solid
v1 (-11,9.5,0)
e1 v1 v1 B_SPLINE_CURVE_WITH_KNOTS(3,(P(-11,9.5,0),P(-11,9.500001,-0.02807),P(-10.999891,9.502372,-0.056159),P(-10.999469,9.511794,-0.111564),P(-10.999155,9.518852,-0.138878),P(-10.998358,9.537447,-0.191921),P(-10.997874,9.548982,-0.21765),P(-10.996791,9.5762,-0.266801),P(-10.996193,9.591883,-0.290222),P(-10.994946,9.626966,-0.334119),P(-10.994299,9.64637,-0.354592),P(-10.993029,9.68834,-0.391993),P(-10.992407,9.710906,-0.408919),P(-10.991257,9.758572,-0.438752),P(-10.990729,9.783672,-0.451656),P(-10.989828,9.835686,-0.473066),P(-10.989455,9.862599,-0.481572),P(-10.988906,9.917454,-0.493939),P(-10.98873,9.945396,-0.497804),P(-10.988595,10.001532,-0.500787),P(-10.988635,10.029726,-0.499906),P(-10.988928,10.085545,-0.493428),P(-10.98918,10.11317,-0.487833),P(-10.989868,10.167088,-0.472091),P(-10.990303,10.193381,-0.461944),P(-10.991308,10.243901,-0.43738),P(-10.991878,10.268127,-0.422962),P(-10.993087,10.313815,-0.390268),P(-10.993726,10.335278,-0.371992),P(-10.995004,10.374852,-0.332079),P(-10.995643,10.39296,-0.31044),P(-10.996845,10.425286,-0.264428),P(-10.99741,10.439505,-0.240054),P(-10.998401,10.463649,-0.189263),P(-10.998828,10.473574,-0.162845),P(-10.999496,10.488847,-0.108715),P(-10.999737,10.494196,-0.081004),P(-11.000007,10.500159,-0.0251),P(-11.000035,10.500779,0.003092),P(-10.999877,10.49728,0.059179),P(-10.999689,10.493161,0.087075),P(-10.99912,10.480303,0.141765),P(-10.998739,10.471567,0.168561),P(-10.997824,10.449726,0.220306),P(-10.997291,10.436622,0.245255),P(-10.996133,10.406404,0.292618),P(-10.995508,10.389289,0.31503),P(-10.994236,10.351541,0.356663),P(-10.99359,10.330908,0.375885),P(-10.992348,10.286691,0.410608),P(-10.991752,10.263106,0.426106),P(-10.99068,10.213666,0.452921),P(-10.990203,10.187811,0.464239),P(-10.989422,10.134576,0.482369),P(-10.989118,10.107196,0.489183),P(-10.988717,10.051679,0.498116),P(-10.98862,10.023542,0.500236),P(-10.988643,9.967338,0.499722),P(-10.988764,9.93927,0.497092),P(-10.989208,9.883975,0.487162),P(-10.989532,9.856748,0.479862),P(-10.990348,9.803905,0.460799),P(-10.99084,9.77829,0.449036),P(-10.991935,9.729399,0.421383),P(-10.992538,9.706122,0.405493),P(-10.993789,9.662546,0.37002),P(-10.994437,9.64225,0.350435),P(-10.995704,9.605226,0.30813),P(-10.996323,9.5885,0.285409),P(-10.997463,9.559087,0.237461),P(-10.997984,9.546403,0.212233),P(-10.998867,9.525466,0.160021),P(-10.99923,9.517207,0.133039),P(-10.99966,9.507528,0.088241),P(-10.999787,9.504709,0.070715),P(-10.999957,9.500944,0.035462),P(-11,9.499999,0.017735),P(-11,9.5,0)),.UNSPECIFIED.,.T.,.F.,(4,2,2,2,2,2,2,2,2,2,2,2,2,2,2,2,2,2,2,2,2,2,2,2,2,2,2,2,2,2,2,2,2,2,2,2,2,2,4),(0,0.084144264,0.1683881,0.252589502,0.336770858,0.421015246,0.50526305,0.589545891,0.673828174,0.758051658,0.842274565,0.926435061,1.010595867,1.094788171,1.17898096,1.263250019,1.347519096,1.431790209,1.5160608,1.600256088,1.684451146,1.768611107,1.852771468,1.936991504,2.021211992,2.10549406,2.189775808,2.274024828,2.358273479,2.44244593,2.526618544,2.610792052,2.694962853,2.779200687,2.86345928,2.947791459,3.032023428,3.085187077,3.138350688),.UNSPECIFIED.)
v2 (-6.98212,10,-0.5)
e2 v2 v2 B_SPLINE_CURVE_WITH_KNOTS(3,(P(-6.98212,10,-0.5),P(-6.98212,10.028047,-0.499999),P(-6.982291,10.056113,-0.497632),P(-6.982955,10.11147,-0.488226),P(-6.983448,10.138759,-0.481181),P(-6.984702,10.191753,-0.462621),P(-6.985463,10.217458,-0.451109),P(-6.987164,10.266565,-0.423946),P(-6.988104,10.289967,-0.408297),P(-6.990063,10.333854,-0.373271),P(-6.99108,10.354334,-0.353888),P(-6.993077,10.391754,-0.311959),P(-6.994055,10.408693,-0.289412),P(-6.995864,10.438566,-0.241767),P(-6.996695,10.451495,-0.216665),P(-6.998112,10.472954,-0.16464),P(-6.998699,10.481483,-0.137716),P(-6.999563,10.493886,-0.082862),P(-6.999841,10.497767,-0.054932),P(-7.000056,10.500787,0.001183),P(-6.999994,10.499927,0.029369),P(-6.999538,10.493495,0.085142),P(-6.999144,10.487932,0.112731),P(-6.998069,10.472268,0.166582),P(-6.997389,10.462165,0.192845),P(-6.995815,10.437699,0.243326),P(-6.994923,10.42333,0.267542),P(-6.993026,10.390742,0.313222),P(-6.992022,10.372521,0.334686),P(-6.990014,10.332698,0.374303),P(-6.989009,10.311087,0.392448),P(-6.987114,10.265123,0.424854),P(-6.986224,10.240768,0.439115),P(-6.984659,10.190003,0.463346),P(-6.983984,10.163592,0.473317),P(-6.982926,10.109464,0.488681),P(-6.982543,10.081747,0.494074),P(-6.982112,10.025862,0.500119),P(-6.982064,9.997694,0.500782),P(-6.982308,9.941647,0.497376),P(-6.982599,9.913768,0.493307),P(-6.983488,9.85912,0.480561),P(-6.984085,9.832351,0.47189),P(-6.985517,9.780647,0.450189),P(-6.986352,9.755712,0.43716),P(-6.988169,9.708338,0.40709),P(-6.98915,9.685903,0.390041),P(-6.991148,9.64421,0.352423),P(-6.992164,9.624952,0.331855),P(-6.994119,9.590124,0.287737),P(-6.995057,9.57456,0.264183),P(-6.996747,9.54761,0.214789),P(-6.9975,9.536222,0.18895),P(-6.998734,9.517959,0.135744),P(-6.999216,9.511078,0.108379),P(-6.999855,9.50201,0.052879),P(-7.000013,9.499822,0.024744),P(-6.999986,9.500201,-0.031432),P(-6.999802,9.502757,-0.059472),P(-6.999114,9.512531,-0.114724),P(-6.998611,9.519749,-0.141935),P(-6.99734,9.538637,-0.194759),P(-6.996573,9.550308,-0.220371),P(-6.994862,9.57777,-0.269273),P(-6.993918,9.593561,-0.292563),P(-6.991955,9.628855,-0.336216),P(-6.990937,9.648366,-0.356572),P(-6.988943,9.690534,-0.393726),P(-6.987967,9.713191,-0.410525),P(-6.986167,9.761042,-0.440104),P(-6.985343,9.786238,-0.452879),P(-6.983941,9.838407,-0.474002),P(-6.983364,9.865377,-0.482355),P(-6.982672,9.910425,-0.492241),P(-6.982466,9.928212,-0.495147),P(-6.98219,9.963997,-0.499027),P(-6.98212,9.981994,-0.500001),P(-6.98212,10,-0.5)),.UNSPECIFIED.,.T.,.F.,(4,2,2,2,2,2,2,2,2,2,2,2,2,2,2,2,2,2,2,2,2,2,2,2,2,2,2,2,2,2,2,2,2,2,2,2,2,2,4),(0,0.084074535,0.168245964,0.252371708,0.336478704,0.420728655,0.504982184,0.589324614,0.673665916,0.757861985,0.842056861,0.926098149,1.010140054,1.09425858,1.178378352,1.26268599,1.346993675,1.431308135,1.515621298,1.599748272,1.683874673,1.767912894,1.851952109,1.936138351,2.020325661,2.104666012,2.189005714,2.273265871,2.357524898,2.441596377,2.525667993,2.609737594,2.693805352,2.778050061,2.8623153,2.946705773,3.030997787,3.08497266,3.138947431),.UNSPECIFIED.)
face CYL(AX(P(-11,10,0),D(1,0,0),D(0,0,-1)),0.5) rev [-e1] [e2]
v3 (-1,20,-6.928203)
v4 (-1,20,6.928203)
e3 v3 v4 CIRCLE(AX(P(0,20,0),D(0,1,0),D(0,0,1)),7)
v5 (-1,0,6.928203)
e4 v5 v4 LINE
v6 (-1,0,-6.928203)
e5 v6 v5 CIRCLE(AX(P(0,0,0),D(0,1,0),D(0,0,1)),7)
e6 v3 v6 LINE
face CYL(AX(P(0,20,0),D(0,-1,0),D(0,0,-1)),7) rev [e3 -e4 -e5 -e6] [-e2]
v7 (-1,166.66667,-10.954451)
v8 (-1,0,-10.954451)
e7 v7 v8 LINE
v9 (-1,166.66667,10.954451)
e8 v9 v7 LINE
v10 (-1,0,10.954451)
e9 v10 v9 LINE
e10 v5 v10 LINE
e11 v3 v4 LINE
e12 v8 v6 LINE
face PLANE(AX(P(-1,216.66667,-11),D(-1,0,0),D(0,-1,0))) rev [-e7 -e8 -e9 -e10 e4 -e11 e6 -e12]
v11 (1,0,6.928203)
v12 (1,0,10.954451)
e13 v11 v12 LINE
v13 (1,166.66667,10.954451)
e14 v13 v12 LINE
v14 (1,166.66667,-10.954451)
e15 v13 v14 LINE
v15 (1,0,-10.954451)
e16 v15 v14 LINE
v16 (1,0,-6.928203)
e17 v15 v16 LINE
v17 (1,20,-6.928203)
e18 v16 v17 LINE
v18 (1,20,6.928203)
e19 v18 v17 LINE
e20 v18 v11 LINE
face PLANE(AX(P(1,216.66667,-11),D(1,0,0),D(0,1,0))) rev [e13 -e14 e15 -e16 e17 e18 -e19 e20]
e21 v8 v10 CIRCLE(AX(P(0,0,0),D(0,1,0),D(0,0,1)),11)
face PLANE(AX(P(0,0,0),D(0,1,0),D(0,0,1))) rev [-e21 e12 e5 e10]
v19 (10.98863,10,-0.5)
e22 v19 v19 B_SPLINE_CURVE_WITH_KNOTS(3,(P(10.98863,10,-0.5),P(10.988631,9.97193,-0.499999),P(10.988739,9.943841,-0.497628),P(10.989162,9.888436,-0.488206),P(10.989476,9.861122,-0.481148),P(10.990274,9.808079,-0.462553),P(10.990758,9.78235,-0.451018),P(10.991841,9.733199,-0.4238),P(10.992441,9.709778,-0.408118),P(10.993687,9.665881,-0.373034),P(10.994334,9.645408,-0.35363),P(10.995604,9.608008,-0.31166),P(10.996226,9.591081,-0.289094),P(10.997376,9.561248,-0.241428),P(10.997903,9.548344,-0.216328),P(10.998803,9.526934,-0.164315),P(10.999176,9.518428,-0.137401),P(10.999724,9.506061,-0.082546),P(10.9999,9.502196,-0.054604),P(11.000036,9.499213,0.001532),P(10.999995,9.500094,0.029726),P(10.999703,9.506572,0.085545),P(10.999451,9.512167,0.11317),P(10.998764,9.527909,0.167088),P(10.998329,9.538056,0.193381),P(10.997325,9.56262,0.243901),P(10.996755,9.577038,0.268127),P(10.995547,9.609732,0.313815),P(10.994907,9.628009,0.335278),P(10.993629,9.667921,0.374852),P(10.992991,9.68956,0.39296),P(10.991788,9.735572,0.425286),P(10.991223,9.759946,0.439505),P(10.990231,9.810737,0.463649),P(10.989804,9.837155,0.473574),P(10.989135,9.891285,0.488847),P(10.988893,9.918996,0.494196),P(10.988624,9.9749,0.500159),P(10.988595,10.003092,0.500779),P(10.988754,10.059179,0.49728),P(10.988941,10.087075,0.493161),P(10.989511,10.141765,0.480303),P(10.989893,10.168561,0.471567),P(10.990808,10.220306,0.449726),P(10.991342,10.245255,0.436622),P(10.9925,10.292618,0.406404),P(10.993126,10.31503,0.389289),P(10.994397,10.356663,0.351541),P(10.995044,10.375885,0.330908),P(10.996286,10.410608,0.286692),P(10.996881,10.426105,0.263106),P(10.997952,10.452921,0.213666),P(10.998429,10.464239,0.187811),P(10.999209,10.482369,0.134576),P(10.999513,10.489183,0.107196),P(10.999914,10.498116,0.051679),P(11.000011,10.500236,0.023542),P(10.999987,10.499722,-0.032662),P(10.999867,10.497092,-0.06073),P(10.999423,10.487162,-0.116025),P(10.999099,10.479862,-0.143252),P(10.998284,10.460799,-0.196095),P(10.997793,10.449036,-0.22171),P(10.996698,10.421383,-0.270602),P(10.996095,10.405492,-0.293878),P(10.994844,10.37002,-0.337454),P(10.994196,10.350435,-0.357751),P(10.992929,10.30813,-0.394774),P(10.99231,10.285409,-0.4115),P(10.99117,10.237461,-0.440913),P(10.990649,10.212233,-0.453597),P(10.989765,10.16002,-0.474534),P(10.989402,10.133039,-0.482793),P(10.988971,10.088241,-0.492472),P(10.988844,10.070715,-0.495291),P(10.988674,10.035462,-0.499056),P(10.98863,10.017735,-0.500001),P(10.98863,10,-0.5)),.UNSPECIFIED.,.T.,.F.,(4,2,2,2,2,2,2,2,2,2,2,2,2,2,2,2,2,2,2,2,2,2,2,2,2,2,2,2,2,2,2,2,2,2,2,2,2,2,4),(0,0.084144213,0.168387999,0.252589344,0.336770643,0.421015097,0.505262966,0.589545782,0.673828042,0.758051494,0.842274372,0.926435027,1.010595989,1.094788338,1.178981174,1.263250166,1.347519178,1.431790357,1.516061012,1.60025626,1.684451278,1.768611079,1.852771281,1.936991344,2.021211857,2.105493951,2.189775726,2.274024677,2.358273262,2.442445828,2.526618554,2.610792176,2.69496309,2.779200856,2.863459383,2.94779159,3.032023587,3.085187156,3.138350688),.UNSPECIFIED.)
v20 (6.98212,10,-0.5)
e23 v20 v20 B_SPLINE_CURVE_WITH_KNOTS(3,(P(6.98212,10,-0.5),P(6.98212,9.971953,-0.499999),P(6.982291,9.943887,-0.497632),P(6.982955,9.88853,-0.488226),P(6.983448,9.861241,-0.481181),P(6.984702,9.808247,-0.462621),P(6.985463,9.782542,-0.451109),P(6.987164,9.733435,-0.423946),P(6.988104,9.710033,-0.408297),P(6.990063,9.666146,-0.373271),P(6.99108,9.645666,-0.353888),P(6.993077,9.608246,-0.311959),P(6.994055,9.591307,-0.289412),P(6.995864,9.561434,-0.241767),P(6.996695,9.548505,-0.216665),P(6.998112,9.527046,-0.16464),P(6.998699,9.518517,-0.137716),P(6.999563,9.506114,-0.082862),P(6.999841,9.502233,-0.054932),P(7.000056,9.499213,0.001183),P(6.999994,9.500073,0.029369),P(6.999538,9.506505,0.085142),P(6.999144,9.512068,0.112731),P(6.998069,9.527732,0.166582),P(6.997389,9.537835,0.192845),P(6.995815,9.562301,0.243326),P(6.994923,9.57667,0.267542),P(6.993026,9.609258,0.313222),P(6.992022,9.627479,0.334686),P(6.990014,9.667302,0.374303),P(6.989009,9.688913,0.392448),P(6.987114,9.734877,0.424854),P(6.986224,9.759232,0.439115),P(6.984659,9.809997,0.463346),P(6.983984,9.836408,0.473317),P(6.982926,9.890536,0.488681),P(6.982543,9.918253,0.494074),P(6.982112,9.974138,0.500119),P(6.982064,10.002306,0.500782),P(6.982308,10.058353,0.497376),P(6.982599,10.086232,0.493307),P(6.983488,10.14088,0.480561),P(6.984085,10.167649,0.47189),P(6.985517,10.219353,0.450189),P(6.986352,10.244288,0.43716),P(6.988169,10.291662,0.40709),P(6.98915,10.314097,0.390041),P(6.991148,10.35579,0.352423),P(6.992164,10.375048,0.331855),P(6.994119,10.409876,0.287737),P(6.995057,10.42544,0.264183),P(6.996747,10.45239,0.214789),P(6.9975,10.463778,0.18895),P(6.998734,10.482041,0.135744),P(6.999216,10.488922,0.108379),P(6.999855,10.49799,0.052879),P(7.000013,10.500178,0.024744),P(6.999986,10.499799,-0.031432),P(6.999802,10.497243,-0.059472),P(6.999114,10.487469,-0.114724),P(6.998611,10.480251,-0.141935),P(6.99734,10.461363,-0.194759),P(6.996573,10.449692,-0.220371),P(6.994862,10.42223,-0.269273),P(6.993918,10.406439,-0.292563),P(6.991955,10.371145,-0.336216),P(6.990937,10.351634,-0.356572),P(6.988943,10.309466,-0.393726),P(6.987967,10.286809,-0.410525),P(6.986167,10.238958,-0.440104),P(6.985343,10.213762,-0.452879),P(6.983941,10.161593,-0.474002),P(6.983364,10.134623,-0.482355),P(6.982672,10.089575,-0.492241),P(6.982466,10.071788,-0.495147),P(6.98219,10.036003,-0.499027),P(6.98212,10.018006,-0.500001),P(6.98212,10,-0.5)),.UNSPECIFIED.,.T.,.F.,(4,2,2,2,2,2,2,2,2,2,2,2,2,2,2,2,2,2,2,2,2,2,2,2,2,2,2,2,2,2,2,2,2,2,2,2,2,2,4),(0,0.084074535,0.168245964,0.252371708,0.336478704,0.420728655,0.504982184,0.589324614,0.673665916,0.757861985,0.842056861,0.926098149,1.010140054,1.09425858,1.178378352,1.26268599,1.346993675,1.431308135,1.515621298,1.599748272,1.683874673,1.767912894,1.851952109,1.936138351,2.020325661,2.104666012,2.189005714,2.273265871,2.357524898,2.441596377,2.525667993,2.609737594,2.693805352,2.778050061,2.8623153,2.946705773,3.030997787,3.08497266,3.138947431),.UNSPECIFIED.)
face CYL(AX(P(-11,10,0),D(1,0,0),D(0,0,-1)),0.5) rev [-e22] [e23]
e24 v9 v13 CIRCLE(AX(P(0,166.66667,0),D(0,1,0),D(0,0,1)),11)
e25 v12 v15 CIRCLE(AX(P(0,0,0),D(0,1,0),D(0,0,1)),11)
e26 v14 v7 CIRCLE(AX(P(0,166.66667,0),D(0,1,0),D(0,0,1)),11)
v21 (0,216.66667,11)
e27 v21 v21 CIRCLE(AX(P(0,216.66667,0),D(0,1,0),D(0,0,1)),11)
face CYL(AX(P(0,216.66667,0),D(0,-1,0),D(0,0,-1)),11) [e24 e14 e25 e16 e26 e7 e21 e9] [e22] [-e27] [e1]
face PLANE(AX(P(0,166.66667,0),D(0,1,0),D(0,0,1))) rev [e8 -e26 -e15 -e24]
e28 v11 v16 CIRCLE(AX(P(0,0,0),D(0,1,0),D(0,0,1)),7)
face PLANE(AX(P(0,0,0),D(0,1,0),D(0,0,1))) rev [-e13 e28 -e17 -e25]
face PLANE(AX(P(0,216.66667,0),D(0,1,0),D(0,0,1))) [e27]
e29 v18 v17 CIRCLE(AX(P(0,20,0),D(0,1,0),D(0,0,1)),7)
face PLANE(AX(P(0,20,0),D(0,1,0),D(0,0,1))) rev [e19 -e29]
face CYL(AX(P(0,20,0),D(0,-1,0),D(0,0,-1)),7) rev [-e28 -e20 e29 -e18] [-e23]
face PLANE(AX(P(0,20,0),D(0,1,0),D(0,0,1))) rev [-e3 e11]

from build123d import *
from build123d.topology import SkipClean

# Parameters (mm, degrees)
SKETCH1_R               = 11
BOSS_EXTRUDE1_DEPTH     = 216.66667
SKETCH6_R               = 7
CUT_EXTRUDE3_DEPTH      = 20
CUT_EXTRUDE4_DEPTH      = 218.224413658
CUT_EXTRUDE4_DEPTH_BACK = 218.224413658
SKETCH7_R               = 0.5
CUT_EXTRUDE5_DEPTH      = 218.224413767
CUT_EXTRUDE5_DEPTH_BACK = 218.224413767
SKETCH10_R              = 0.5
CUT_EXTRUDE6_DEPTH      = 218.224413767
CUT_EXTRUDE6_DEPTH_BACK = 218.224413767
SKETCH11_W              = 2
SKETCH11_H              = 216.66667
BOSS_EXTRUDE4_START     = 216.66667
SKETCH16_R              = 11
BOSS_EXTRUDE4_DEPTH     = 50


with BuildPart() as part:
    # Sketch1 → Boss-Extrude1 (new body)
    with BuildSketch(Plane(origin=(0, 0, 0), x_dir=(1, 0, 0), z_dir=(0, 1, 0))):
        with Locations(Location((0, 0, 0), (0, 0, 270))):
            Circle(SKETCH1_R)
    extrude(amount=BOSS_EXTRUDE1_DEPTH)

    # Sketch6 → Cut-Extrude3 (cut)
    with BuildSketch(Plane(origin=(0, 0, 0), x_dir=(1, 0, 0), z_dir=(0, 1, 0))):
        with Locations(Location((0, 0, 0), (0, 0, 270))):
            Circle(SKETCH6_R)
    extrude(amount=CUT_EXTRUDE3_DEPTH, mode=Mode.SUBTRACT)

    # Sketch7 → Cut-Extrude4 (cut, two sides: drawn at the far end of the back side and taken through both)
    with BuildSketch(Plane(origin=(0, 0, 0), x_dir=(0, 0, -1), z_dir=(1, 0, 0)).offset(-CUT_EXTRUDE4_DEPTH_BACK)):
        with Locations((0, 10)):
            Circle(SKETCH7_R)
    extrude(amount=CUT_EXTRUDE4_DEPTH + CUT_EXTRUDE4_DEPTH_BACK, mode=Mode.SUBTRACT)

    # Sketch10 → Cut-Extrude5 (cut, two sides: drawn at the far end of the back side and taken through both)
    with BuildSketch(Plane.XY.offset(-CUT_EXTRUDE5_DEPTH_BACK)):
        with Locations((0, 5)):
            Circle(SKETCH10_R)
    extrude(amount=CUT_EXTRUDE5_DEPTH + CUT_EXTRUDE5_DEPTH_BACK, mode=Mode.SUBTRACT)

    # Sketch11 → Cut-Extrude6 (cut, two sides: drawn at the far end of the back side and taken through both)
    with BuildSketch(Plane.XY.offset(-CUT_EXTRUDE6_DEPTH_BACK)):
        with Locations((0, 108.333335)):
            Rectangle(SKETCH11_W, SKETCH11_H)
    extrude(amount=CUT_EXTRUDE6_DEPTH + CUT_EXTRUDE6_DEPTH_BACK, mode=Mode.SUBTRACT)


with BuildPart() as cut_extrude6_piece_1:
    # of the separate pieces the step leaves, piece 1, a body of its own (cut_extrude6_pieces)
    add(part.part.solids().sort_by_distance((-1, 0, -10.95445115))[0])



with BuildPart() as cut_extrude6_piece_2:
    # of the separate pieces the step leaves, piece 2, a body of its own (cut_extrude6_pieces)
    add(part.part.solids().sort_by_distance((1, 0, 10.95445115))[0])


with BuildPart() as cut_extrude6_piece_1_1:
    with SkipClean():  # the faces are left unmerged after this step: merging them gives an invalid solid
        add(cut_extrude6_piece_1.part)

        add(cut_extrude6_piece_2.part)  # Boss-Extrude4 merges Cut-Extrude6 piece 2
        # Sketch16 → Boss-Extrude4 (add)
        with BuildSketch(Plane(origin=(0, 0, 0), x_dir=(1, 0, 0), z_dir=(0, 1, 0)).offset(BOSS_EXTRUDE4_START)):
            with Locations(Location((0, 0, 0), (0, 0, 84.78409143))):
                Circle(SKETCH16_R)
        extrude(amount=-BOSS_EXTRUDE4_DEPTH)


solid = cut_extrude6_piece_1_1.part
